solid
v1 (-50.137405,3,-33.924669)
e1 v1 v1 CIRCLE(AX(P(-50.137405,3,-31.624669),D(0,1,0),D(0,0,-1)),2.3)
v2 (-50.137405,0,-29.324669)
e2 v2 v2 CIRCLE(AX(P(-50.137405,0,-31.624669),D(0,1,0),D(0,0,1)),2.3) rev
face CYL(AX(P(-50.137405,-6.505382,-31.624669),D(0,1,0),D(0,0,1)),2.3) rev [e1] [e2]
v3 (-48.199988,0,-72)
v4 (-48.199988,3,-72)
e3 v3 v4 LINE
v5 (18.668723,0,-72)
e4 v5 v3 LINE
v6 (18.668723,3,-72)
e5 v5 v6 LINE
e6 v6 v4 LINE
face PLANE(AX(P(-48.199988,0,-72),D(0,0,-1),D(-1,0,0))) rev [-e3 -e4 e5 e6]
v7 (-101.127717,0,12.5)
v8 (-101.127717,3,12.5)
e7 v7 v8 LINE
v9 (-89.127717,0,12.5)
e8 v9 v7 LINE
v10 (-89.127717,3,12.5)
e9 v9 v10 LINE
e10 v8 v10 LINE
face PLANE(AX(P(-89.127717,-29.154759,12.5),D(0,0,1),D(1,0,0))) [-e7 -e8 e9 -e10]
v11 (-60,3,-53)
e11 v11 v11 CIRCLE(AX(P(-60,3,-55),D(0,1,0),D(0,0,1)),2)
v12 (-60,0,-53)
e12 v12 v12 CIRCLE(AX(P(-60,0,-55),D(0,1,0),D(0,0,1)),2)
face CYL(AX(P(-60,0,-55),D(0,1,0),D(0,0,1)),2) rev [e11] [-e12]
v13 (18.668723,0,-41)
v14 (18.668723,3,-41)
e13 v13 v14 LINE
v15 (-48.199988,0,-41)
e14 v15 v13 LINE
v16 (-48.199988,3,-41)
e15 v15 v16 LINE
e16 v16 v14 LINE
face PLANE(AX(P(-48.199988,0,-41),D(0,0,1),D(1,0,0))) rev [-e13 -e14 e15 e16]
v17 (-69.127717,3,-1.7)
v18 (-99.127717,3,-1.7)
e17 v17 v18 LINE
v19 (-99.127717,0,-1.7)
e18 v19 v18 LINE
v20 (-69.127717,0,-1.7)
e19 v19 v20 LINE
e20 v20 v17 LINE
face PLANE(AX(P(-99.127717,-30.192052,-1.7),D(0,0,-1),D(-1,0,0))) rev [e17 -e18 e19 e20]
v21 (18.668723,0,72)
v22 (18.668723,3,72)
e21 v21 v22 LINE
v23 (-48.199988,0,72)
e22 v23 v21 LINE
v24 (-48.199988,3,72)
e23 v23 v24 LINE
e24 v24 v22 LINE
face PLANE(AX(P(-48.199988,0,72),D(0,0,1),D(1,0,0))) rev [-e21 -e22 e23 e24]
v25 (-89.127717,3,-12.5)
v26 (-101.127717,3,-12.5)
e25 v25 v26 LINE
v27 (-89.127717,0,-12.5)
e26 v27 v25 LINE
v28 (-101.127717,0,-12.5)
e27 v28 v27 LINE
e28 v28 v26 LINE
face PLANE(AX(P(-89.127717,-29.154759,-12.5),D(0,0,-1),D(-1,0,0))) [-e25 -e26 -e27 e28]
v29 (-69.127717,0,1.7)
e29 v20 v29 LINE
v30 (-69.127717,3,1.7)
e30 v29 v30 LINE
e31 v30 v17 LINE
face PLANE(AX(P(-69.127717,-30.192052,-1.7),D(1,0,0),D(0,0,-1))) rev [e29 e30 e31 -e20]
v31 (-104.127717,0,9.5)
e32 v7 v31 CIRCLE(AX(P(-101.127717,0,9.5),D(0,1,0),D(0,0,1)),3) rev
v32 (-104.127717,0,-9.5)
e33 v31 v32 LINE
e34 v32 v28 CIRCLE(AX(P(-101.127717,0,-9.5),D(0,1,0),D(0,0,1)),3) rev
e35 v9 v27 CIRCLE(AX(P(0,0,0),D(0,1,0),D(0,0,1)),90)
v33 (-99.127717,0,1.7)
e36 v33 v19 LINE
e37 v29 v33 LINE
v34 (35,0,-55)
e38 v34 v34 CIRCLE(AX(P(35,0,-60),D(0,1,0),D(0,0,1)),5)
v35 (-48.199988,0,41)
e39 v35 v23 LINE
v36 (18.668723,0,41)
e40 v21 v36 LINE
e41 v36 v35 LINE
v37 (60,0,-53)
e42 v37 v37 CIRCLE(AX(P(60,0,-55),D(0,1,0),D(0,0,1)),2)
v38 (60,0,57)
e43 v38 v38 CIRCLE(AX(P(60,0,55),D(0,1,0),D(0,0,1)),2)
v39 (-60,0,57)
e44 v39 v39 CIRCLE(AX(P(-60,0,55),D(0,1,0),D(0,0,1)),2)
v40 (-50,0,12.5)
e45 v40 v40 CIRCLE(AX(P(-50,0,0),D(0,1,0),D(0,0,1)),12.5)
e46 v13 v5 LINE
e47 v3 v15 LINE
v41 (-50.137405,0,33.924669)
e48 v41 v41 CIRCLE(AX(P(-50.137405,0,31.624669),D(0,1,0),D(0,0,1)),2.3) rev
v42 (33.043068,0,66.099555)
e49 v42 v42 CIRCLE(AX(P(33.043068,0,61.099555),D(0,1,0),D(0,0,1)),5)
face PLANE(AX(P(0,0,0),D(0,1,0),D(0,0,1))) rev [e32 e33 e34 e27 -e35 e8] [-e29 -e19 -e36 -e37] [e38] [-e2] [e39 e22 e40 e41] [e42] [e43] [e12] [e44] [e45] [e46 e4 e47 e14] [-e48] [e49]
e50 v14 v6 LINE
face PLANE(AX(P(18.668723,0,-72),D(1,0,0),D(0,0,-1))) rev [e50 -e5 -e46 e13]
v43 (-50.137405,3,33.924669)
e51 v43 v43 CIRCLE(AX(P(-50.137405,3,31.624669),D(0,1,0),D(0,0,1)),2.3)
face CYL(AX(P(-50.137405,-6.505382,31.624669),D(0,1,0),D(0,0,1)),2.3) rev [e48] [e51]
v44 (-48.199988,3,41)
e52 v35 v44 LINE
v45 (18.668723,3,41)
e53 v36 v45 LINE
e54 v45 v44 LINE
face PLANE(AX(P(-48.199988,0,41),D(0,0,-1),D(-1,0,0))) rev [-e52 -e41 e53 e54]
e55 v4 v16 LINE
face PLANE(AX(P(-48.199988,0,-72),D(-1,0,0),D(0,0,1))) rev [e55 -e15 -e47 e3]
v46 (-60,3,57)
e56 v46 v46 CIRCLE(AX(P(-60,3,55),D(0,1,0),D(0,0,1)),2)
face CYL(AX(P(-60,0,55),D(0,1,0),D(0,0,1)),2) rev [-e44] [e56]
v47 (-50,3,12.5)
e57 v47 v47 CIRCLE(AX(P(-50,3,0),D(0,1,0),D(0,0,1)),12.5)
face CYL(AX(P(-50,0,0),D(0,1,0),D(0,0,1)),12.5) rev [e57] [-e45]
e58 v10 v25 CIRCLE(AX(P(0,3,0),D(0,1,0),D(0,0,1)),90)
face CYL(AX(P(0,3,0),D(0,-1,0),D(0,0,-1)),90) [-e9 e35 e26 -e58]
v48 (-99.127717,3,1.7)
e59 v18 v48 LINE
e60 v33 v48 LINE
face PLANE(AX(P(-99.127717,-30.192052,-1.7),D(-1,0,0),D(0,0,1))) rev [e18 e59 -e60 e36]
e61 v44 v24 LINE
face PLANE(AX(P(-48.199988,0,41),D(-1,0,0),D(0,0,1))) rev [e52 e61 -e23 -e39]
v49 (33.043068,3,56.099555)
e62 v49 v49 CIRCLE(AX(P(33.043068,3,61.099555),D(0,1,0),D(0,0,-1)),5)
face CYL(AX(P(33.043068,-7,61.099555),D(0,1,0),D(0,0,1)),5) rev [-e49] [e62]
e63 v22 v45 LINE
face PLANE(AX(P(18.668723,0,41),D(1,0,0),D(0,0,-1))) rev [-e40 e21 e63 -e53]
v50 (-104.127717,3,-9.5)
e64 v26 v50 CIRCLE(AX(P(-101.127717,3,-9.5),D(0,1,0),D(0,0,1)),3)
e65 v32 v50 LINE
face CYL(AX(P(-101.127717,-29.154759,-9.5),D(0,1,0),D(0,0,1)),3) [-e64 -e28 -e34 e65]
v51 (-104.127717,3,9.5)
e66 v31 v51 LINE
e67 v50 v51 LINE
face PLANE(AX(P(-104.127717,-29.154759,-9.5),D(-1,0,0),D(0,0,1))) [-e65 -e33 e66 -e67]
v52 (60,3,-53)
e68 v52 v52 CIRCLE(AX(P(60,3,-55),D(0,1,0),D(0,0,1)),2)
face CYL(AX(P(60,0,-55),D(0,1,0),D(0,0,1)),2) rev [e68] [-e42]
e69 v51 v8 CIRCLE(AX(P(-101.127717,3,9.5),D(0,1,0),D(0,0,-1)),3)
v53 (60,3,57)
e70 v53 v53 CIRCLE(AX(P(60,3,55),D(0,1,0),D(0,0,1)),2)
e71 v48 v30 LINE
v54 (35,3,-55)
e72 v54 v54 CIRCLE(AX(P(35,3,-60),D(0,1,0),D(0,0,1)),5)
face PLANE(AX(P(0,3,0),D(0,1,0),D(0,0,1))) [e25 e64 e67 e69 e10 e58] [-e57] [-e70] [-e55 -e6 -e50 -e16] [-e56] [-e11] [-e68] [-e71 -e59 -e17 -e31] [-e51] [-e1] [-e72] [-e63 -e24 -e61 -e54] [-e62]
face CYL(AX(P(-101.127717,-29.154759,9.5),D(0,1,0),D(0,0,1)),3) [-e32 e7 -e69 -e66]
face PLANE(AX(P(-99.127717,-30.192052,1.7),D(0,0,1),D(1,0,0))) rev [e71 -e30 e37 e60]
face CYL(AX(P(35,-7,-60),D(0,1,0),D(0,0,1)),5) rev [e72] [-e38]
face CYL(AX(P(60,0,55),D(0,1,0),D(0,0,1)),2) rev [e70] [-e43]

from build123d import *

# Parameters (mm, degrees)
SKETCH_2_R          = 90
EXTRUDE_1_DEPTH     = 3
SKETCH_3_W          = 66.868711174
SKETCH_3_H          = 31
CUT_EXTRUDE_1_DEPTH = 3
SKETCH_4_R          = 12.5
CUT_EXTRUDE_2_DEPTH = 3
SKETCH_5_R          = 2
CUT_EXTRUDE_3_DEPTH = 3
SKETCH_6_R          = 5
CUT_EXTRUDE_4_DEPTH = 10
SKETCH_7_R          = 2.3
CUT_EXTRUDE_5_DEPTH = 3
EXTRUDE_2_DEPTH     = 3
SKETCH_9_W          = 30
SKETCH_9_H          = 3.4
CUT_EXTRUDE_6_DEPTH = 3


with BuildPart() as part:
    # 草圖2 → 填料-伸長1 (new body)
    with BuildSketch(Plane(origin=(0, 0, 0), x_dir=(1, 0, 0), z_dir=(0, 1, 0))):
        with Locations(Location((0, 0, 0), (0, 0, 270))):
            Circle(SKETCH_2_R)
    extrude(amount=EXTRUDE_1_DEPTH)

    # 草圖3 → 除料-伸長1 (cut)
    with BuildSketch(Plane(origin=(0, 3, 0), x_dir=(1, 0, 0), z_dir=(0, 1, 0))):
        with Locations((-14.765632174, 56.5)):
            Rectangle(SKETCH_3_W, SKETCH_3_H)
        with Locations((-14.765632174, -56.5)):
            Rectangle(SKETCH_3_W, SKETCH_3_H)
    extrude(amount=-CUT_EXTRUDE_1_DEPTH, mode=Mode.SUBTRACT)

    # 草圖4 → 除料-伸長2 (cut)
    with BuildSketch(Plane(origin=(0, 3, 0), x_dir=(1, 0, 0), z_dir=(0, 1, 0))):
        with Locations(Location((-50, 0, 0), (0, 0, 270))):
            Circle(SKETCH_4_R)
    extrude(amount=-CUT_EXTRUDE_2_DEPTH, mode=Mode.SUBTRACT)

    # 草圖5 → 除料-伸長3 (cut)
    with BuildSketch(Plane(origin=(0, 3, 0), x_dir=(1, 0, 0), z_dir=(0, 1, 0))):
        with Locations(Location((-60, 55, 0), (0, 0, 270))):
            Circle(SKETCH_5_R)
        with Locations(Location((-60, -55, 0), (0, 0, 270))):
            Circle(SKETCH_5_R)
        with Locations(Location((60, -55, 0), (0, 0, 270))):
            Circle(SKETCH_5_R)
        with Locations(Location((60, 55, 0), (0, 0, 270))):
            Circle(SKETCH_5_R)
    extrude(amount=-CUT_EXTRUDE_3_DEPTH, mode=Mode.SUBTRACT)

    # 草圖6 → 除料-伸長4 (cut)
    with BuildSketch(Plane(origin=(0, 3, 0), x_dir=(1, 0, 0), z_dir=(0, 1, 0))):
        with Locations(Location((35, 60, 0), (0, 0, 270))):
            Circle(SKETCH_6_R)
        with Locations(Location((33.043068023, -61.099555282, 0), (0, 0, 270))):
            Circle(SKETCH_6_R)
    extrude(amount=-CUT_EXTRUDE_4_DEPTH, mode=Mode.SUBTRACT)

    # 草圖7 → 除料-伸長5 (cut)
    with BuildSketch(Plane(origin=(0, 3, 0), x_dir=(1, 0, 0), z_dir=(0, 1, 0))):
        with Locations(Location((-50.137404534, -31.624669079, 0), (0, 0, 270))):
            Circle(SKETCH_7_R)
        with Locations(Location((-50.137404534, 31.624669079, 0), (0, 0, 270))):
            Circle(SKETCH_7_R)
    extrude(amount=-CUT_EXTRUDE_5_DEPTH, mode=Mode.SUBTRACT)

    # 草圖8 → 填料-伸長2 (add)
    with BuildSketch(Plane(origin=(0, 3, 0), x_dir=(1, 0, 0), z_dir=(0, 1, 0))):
        with BuildLine():
            Line((-89.12771735, 12.5), (-101.12771735, 12.5))
            ThreePointArc((-101.12771735, 12.5), (-103.249037693, 11.621320344), (-104.12771735, 9.5))
            Line((-104.12771735, 9.5), (-104.12771735, -9.5))
            ThreePointArc((-104.12771735, -9.5), (-103.249037693, -11.621320344), (-101.12771735, -12.5))
            Line((-101.12771735, -12.5), (-89.12771735, -12.5))
            Line((-89.12771735, -12.5), (-89.12771735, 12.5))
        make_face()
    extrude(amount=-EXTRUDE_2_DEPTH)

    # 草圖9 → 除料-伸長6 (cut)
    with BuildSketch(Plane(origin=(0, 3, 0), x_dir=(1, 0, 0), z_dir=(0, 1, 0))):
        with Locations((-84.12771735, 0)):
            Rectangle(SKETCH_9_W, SKETCH_9_H)
    extrude(amount=-CUT_EXTRUDE_6_DEPTH, mode=Mode.SUBTRACT)


solid = part.part
